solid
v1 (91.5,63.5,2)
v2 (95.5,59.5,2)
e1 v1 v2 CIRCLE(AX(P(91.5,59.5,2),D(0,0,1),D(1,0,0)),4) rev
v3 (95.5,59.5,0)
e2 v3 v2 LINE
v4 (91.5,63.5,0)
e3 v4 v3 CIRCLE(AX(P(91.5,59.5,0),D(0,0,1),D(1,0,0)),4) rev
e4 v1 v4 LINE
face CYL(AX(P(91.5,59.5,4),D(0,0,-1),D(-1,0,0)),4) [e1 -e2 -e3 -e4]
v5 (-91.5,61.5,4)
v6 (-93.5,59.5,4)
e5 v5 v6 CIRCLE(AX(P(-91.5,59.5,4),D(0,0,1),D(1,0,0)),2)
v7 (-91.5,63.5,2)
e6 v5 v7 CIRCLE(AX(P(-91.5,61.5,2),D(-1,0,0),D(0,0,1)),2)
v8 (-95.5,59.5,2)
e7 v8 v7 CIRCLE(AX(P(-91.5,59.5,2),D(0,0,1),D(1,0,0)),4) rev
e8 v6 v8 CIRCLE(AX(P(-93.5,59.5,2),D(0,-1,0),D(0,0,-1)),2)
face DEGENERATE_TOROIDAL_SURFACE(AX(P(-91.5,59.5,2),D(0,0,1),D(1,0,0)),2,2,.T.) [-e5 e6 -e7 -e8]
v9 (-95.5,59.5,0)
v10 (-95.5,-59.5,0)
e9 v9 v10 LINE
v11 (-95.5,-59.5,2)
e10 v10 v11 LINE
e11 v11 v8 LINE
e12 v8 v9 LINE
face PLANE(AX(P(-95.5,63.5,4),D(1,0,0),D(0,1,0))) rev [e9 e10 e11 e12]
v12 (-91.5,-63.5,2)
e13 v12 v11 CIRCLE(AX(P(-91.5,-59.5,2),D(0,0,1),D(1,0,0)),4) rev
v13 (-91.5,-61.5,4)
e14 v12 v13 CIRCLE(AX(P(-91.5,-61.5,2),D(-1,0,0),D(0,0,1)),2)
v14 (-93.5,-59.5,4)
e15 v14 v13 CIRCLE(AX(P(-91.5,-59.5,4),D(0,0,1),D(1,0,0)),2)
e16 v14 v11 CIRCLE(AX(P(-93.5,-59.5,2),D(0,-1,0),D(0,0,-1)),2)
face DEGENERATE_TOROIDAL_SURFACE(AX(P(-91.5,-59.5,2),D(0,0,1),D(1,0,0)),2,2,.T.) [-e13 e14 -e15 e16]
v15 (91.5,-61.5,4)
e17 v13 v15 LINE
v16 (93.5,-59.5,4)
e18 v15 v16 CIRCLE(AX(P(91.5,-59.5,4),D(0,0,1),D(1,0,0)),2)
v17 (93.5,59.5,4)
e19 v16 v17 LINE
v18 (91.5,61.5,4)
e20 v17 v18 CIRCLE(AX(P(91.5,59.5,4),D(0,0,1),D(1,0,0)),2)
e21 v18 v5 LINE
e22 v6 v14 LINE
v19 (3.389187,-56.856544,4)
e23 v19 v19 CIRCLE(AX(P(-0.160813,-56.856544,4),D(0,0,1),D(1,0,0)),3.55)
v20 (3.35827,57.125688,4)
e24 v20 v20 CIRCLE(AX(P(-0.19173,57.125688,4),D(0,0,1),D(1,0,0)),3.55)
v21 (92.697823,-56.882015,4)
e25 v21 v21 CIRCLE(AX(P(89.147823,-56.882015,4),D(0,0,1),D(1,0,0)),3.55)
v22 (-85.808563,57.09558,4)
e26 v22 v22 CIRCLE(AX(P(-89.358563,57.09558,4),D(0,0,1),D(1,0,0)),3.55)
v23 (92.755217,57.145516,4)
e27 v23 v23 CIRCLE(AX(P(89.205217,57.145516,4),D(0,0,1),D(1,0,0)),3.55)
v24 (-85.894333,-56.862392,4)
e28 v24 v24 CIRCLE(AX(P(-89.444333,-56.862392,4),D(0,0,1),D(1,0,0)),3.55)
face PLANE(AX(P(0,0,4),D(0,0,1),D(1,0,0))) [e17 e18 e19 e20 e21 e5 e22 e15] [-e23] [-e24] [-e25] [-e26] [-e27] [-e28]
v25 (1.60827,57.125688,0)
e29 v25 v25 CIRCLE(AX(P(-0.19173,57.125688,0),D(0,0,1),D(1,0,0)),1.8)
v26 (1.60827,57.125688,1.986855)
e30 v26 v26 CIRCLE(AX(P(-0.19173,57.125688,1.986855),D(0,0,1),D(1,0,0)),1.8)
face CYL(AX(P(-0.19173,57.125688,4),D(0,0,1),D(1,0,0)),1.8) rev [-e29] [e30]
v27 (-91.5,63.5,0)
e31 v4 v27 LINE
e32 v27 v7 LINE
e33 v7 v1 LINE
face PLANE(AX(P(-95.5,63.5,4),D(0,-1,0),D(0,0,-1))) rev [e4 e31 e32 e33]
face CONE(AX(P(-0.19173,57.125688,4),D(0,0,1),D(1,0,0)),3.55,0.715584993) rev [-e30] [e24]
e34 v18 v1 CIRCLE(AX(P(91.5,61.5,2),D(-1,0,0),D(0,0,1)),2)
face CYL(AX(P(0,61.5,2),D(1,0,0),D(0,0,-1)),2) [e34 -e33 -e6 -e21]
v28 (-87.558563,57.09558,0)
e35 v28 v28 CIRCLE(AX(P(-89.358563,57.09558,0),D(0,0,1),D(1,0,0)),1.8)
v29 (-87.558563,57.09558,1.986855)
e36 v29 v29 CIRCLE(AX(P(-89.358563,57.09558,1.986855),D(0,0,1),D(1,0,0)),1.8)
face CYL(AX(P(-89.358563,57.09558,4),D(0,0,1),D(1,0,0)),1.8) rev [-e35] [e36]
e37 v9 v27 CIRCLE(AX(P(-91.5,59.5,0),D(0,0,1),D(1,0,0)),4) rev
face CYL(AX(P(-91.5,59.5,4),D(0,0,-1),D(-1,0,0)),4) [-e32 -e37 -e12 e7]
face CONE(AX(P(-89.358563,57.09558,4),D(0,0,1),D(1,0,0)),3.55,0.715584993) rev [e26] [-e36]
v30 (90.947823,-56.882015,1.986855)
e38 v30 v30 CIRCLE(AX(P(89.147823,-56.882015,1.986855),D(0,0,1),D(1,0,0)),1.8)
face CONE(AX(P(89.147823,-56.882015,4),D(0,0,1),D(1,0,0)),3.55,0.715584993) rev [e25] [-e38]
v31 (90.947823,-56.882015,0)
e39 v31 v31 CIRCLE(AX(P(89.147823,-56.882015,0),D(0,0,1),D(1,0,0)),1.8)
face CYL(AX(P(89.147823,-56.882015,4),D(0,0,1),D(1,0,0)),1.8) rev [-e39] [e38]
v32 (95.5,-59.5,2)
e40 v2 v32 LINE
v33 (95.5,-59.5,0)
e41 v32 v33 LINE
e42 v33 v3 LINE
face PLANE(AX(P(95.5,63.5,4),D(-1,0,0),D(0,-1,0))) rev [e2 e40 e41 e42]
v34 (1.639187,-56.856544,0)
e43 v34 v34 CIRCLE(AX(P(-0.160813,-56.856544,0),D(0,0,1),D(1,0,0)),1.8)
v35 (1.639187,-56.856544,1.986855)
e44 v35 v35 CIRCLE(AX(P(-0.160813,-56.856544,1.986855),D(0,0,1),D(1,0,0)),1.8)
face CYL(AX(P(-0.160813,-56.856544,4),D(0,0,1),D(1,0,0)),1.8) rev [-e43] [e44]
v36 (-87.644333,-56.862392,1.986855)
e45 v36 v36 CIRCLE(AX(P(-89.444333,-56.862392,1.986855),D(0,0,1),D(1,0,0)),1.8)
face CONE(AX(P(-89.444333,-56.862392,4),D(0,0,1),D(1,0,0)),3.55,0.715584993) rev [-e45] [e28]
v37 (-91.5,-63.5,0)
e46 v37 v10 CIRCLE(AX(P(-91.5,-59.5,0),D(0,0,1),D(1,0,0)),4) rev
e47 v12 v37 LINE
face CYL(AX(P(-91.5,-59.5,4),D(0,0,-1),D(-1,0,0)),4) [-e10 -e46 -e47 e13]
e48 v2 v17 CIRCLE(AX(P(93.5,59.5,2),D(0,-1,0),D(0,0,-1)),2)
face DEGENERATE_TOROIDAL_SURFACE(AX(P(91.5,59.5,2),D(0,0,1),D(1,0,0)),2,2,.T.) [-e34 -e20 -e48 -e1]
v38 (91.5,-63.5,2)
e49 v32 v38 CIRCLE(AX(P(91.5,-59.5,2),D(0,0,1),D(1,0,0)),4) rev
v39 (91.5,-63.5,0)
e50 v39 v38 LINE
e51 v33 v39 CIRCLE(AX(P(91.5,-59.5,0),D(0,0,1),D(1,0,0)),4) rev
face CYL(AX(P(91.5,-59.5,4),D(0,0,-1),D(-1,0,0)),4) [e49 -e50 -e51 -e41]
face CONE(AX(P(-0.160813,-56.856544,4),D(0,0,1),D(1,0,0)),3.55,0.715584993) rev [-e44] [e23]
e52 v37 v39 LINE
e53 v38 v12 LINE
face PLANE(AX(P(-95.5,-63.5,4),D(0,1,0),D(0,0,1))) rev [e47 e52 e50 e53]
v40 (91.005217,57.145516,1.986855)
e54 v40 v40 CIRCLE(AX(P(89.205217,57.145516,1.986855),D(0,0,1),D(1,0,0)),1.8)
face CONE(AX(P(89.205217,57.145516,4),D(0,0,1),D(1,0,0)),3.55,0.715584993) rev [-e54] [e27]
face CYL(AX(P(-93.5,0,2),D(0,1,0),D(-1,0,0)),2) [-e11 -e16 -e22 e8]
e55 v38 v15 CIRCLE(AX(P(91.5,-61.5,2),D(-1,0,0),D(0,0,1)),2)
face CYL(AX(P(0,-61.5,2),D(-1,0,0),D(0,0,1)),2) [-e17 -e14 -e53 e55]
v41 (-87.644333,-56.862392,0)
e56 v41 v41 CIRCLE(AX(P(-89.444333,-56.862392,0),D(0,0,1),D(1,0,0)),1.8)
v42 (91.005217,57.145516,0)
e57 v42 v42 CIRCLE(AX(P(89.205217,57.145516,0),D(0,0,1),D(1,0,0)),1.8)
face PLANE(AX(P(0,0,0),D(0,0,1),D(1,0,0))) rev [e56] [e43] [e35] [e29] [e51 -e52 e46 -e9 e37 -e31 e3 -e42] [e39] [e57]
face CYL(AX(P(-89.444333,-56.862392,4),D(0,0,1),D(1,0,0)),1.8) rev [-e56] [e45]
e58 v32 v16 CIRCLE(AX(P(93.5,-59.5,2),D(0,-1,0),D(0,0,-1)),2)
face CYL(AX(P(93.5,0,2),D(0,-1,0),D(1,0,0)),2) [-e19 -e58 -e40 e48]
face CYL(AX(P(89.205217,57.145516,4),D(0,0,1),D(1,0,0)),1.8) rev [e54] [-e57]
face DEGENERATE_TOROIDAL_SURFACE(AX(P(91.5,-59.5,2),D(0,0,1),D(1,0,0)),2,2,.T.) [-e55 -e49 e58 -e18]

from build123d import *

# Parameters (mm, degrees)
SKETCH3_W           = 191
SKETCH3_H           = 127
BOSS_EXTRUDE3_DEPTH = 4
SKETCH6_R           = 4
BOSS_EXTRUDE4_DEPTH = 0.001
HOLE1_D             = 3.6
HOLE1_DEPTH         = 5
HOLE1_CSINK_D       = 7.1
HOLE1_CSINK_ANGLE   = 82
FILLET1_R           = 4
FILLET2_R           = 2


with BuildPart() as part:
    # Sketch3 → Boss-Extrude3 (new body)
    with BuildSketch(Plane.XY):
        Rectangle(SKETCH3_W, SKETCH3_H)
    extrude(amount=BOSS_EXTRUDE3_DEPTH)

    # Sketch6 → Boss-Extrude4 (add)
    with BuildSketch(Plane.XY):
        with Locations((-89.294075307, 57.128381867)):
            Circle(SKETCH6_R)
        with Locations((89.301830171, 57.128381867)):
            Circle(SKETCH6_R)
        with Locations((89.301830171, -56.852590264)):
            Circle(SKETCH6_R)
        with Locations((-89.294075307, -56.852590264)):
            Circle(SKETCH6_R)
        with Locations((0, -56.852590264)):
            Circle(SKETCH6_R)
        with Locations((0, 57.128381867)):
            Circle(SKETCH6_R)
    extrude(amount=BOSS_EXTRUDE4_DEPTH)

    # Hole1
    with Locations(Plane(origin=(-89.358562902, 57.095579806, 4), x_dir=(1, 0, 0), z_dir=(0, 0, 1))):
        with Locations((0, 0), (89.166832603, 0.030108388), (178.563780061, 0.049936098), (178.506385813, -113.977594328), (89.197749936, -113.952124174), (-0.085769967, -113.957972021)):
            CounterSinkHole(HOLE1_D / 2, HOLE1_CSINK_D / 2, depth=HOLE1_DEPTH, counter_sink_angle=HOLE1_CSINK_ANGLE)

    # Fillet1
    fillet1_edges = [part.edges().sort_by_distance(p)[0] for p in [
        (95.5, -63.5, 2),
        (-95.5, -63.5, 2),
        (-95.5, 63.5, 2),
        (95.5, 63.5, 2),
    ]]
    fillet(fillet1_edges, radius=FILLET1_R)

    # Fillet2
    fillet2_edges = [part.edges().sort_by_distance(p)[0] for p in [
        (-95.5, 0, 4),
        (0, 63.5, 4),
        (95.5, 0, 4),
        (0, -63.5, 4),
        (94.328427125, -62.328427125, 4),
        (94.328427125, 62.328427125, 4),
        (-94.328427125, -62.328427125, 4),
        (-94.328427125, 62.328427125, 4),
    ]]
    fillet(fillet2_edges, radius=FILLET2_R)


solid = part.part
